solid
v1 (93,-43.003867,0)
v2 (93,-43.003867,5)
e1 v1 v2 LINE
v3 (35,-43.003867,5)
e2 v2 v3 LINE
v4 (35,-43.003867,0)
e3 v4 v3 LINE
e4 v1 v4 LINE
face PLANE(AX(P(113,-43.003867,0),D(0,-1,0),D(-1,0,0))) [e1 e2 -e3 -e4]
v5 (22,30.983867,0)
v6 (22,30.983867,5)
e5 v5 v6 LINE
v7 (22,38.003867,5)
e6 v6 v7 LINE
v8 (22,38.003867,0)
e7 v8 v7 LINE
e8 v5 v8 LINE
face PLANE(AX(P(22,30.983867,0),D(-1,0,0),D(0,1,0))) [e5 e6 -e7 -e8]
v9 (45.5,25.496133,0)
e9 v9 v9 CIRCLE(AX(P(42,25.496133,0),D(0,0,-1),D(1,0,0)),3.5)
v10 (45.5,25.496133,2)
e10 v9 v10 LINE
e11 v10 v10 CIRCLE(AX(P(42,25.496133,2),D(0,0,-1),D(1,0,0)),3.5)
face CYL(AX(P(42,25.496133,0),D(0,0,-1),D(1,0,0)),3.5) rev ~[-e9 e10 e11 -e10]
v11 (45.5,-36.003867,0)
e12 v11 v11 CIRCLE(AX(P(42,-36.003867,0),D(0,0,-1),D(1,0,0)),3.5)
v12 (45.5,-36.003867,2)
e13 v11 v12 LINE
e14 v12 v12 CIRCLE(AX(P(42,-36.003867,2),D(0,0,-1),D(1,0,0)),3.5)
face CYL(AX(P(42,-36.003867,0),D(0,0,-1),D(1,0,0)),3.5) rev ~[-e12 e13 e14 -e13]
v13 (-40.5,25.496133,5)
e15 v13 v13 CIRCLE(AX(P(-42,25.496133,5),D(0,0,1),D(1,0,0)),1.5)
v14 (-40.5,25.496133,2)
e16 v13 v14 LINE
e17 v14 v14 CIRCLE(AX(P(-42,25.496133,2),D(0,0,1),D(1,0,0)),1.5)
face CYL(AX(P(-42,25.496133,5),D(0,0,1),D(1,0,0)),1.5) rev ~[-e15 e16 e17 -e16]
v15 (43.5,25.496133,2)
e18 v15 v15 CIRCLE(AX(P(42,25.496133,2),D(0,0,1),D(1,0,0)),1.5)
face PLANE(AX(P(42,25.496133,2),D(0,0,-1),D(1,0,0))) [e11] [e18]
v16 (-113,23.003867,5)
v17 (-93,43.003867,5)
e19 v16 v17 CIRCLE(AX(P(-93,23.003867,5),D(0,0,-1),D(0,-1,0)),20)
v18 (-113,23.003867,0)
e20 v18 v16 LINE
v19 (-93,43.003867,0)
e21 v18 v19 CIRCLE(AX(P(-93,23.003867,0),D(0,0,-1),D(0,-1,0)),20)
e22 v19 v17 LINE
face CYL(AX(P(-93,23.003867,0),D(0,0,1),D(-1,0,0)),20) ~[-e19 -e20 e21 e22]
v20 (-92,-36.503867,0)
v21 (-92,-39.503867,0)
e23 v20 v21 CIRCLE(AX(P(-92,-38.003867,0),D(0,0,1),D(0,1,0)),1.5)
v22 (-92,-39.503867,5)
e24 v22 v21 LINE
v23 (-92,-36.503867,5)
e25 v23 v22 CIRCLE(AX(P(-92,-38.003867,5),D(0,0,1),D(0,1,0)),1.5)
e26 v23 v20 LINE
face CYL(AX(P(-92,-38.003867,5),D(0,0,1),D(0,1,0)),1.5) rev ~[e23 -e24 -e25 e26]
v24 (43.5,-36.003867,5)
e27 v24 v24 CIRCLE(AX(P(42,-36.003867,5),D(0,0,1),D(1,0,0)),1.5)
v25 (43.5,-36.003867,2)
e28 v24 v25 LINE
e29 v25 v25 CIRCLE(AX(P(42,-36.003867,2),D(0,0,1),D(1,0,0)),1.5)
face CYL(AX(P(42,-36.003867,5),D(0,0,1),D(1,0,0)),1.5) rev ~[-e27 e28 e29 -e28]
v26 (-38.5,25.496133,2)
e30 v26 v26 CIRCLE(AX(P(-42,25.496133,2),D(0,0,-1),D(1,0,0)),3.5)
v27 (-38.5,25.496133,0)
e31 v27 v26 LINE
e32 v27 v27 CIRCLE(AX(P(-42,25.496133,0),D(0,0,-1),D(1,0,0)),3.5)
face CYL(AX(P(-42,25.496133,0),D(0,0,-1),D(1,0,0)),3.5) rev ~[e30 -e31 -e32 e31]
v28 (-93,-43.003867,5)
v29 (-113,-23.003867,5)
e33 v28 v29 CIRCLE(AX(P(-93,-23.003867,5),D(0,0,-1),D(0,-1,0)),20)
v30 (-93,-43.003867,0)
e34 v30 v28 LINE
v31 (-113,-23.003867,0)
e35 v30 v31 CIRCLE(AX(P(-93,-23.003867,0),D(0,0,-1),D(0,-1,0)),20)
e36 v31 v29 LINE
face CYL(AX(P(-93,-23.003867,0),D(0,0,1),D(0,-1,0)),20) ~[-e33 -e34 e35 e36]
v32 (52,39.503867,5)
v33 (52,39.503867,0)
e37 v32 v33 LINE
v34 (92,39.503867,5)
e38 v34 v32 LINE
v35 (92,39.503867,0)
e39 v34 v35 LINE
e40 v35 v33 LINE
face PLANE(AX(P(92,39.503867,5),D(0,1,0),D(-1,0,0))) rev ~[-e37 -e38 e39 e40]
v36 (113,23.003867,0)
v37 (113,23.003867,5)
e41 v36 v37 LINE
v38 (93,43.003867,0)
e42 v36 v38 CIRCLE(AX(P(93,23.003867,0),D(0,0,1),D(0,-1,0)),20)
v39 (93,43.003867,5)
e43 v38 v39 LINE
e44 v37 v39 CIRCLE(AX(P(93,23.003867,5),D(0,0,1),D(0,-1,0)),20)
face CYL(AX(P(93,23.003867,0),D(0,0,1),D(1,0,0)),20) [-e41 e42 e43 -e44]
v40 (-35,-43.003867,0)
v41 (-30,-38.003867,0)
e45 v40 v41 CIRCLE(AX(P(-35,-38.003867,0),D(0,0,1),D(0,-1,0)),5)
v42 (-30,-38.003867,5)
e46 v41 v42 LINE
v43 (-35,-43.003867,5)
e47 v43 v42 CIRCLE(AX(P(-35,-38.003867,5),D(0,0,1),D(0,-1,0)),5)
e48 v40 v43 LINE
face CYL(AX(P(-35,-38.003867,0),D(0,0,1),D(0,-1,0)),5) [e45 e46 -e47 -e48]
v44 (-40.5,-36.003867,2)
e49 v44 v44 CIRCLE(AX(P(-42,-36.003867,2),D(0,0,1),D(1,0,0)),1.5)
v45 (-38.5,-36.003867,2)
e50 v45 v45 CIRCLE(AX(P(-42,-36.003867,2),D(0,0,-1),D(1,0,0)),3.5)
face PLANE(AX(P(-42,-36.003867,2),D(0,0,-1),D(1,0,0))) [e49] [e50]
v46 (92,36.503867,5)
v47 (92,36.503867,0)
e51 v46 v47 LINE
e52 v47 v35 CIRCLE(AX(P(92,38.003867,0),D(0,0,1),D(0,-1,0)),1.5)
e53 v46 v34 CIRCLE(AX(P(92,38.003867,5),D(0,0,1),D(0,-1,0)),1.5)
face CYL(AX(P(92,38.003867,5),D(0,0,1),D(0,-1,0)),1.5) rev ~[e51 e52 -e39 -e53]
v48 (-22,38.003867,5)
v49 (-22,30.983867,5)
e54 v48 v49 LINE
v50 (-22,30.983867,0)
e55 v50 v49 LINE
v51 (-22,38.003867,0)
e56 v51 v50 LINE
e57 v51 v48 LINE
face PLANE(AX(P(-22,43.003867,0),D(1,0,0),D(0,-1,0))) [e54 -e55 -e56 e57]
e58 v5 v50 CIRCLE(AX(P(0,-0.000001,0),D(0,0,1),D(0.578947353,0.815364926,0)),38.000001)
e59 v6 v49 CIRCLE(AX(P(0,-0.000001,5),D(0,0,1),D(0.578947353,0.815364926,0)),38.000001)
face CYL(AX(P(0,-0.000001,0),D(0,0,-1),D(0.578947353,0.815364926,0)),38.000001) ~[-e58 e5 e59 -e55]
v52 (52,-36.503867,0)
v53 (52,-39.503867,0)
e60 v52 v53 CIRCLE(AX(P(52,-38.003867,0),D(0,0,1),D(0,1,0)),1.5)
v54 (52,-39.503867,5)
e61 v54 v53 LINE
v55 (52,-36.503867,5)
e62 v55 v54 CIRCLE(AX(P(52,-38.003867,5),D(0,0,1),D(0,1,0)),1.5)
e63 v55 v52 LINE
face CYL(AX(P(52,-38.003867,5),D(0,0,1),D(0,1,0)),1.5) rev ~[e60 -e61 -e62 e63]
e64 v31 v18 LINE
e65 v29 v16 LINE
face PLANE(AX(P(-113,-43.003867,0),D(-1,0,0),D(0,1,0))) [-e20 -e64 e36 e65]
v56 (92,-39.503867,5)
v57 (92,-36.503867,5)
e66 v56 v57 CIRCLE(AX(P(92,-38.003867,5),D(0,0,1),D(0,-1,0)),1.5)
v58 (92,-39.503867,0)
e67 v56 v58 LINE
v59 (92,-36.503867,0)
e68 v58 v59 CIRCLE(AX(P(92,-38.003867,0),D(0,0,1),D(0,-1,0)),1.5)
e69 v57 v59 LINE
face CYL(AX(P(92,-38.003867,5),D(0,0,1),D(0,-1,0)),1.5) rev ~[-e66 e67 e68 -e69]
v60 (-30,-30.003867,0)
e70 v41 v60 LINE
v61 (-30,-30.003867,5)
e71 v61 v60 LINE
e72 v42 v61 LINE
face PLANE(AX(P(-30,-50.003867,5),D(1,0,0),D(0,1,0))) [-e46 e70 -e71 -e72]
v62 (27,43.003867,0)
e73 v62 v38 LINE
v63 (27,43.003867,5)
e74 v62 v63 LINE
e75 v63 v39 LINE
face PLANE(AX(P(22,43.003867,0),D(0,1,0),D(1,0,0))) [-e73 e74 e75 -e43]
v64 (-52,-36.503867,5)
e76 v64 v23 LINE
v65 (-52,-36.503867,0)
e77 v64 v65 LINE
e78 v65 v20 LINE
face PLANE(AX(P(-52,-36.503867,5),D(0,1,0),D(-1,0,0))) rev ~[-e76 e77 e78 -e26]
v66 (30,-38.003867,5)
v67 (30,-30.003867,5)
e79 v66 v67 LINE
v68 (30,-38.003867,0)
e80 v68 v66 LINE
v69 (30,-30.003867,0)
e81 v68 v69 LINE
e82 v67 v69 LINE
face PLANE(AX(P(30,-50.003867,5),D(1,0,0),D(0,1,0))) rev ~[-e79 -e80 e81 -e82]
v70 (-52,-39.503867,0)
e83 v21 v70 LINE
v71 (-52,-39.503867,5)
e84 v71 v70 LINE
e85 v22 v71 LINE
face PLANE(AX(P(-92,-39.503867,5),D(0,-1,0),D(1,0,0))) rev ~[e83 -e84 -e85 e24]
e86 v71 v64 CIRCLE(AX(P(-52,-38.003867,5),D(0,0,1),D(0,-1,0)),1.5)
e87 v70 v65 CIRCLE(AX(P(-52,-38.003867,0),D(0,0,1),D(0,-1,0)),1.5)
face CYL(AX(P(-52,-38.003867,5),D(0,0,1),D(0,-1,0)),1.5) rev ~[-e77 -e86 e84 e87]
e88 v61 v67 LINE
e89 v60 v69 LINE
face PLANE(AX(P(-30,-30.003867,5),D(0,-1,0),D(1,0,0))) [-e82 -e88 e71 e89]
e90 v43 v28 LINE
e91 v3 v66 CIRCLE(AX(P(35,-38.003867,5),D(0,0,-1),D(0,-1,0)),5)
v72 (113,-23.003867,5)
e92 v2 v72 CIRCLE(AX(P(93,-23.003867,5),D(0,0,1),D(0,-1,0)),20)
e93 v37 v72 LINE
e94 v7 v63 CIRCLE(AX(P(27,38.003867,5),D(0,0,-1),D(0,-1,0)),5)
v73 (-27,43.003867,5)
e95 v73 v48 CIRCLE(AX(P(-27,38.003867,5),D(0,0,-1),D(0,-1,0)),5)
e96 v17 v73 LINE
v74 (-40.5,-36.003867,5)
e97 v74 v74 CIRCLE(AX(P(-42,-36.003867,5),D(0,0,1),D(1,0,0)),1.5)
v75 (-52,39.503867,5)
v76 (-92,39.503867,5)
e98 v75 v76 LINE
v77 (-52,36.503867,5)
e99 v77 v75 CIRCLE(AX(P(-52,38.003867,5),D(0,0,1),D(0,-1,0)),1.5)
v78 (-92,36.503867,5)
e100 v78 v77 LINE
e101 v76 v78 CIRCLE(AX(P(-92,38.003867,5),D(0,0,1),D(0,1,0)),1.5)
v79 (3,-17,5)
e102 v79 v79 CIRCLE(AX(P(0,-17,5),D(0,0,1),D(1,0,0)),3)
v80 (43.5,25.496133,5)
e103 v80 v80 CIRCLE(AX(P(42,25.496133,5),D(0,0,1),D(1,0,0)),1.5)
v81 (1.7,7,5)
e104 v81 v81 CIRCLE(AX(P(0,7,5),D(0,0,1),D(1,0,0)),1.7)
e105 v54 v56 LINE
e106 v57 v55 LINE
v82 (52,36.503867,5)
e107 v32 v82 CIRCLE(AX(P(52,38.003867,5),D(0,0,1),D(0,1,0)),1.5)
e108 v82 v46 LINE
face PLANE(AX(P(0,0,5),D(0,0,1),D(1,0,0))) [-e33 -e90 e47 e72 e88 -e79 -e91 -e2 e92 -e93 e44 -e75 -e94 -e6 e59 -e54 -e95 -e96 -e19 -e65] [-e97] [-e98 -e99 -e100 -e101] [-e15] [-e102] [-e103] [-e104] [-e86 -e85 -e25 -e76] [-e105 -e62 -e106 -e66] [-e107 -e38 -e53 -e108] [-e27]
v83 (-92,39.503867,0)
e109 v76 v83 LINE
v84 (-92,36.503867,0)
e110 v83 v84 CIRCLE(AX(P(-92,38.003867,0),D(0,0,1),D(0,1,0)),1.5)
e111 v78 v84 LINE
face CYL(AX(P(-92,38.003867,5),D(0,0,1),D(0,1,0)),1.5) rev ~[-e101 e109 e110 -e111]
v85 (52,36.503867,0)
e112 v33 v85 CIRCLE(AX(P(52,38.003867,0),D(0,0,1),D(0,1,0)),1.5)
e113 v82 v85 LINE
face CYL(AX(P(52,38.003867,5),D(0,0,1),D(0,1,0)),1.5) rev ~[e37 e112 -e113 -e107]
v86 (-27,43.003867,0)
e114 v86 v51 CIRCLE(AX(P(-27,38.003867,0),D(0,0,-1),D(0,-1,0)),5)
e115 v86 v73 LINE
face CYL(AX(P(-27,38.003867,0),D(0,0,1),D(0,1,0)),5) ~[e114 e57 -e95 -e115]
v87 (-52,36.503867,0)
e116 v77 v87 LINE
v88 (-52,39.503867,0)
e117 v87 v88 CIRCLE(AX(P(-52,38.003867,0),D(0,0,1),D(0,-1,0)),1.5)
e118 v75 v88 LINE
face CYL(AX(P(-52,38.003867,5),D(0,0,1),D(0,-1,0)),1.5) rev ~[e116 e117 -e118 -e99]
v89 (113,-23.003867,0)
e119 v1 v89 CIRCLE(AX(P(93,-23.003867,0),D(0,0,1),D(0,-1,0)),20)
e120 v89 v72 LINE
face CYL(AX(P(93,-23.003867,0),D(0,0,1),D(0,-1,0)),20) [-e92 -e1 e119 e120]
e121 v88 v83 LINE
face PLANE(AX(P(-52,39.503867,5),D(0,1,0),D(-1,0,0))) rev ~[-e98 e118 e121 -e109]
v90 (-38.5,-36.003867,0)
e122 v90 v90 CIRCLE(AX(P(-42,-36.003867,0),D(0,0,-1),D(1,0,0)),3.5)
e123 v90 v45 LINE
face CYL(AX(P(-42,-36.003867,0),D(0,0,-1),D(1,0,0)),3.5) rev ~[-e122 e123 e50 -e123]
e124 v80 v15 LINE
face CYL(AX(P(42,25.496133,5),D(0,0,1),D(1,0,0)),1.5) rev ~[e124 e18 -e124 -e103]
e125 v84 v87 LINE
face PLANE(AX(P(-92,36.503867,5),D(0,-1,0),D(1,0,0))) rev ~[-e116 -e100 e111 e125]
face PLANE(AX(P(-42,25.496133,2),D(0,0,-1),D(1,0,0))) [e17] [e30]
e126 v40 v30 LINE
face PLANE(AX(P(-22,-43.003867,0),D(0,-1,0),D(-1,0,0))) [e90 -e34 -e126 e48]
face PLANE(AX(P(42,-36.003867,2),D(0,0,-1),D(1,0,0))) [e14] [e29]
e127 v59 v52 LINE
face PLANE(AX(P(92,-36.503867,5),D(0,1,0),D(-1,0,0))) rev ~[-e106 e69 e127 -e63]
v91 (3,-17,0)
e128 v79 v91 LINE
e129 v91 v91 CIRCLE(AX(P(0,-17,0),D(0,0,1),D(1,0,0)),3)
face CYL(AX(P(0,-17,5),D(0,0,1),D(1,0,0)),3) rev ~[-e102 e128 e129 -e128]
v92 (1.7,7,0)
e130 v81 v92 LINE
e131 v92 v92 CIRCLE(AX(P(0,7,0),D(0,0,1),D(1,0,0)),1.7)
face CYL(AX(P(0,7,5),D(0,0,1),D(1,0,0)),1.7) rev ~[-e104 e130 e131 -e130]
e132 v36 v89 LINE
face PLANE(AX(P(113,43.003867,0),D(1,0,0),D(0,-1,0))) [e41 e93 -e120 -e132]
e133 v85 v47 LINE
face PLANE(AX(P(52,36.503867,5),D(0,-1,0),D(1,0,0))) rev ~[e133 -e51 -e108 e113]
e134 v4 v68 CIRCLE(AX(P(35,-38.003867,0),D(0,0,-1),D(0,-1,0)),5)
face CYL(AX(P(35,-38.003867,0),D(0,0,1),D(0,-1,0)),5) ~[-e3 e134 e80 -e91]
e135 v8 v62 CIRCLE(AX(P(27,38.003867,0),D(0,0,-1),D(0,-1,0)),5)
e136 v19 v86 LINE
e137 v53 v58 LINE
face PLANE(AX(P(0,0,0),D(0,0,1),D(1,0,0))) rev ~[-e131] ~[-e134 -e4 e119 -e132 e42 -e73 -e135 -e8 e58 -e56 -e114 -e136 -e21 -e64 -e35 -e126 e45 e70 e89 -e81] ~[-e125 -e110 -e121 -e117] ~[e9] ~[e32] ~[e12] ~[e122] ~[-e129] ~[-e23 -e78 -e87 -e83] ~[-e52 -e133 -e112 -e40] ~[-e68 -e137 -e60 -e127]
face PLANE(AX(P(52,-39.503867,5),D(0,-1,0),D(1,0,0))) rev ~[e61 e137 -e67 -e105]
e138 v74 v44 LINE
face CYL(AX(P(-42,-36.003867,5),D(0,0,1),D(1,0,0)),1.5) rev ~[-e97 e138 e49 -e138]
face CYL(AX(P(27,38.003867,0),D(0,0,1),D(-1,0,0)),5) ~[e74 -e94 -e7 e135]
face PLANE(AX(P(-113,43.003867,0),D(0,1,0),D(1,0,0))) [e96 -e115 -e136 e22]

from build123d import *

# Parameters (mm, degrees)
PAD_DEPTH       = 5
SKETCH001_R     = 3
SKETCH001_R_2   = 1.7
SKETCH001_R_3   = 1.5
SKETCH001_W     = 60
SKETCH001_H     = 20
POCKET_DEPTH    = 5.001
FILLET_R        = 5
FILLET001_R     = 20
SKETCH002_R     = 3.5
POCKET001_DEPTH = 2


with BuildPart() as part:
    # Sketch → Pad (new body)
    with BuildSketch(Plane.XY):
        with BuildLine():
            ThreePointArc((-22, -30.983867), (0, -38), (22, -30.983867))
            Line((22, -43.003867), (22, -30.983867))
            Line((113, -43.003867), (22, -43.003867))
            Line((113, 43.003867), (113, -43.003867))
            Line((22, 43.003867), (113, 43.003867))
            Line((22, 30.983867), (22, 43.003867))
            ThreePointArc((22, 30.983867), (0, 38), (-22, 30.983867))
            Line((-22, 43.003867), (-22, 30.983867))
            Line((-113, 43.003867), (-22, 43.003867))
            Line((-113, -43.003867), (-113, 43.003867))
            Line((-22, -43.003867), (-113, -43.003867))
            Line((-22, -30.983867), (-22, -43.003867))
        make_face()
    extrude(amount=PAD_DEPTH)

    # Sketch001 (on Face14 of Pad) → Pocket (cut, through all)
    with BuildSketch(Plane.XY.offset(5)):
        with Locations((0, -17)):
            Circle(SKETCH001_R)
        with Locations((0, 7)):
            Circle(SKETCH001_R_2)
        with Locations((42, 25.496133)):
            Circle(SKETCH001_R_3)
        with Locations((42, -36.003867)):
            Circle(SKETCH001_R_3)
        with Locations((-42, 25.496133)):
            Circle(SKETCH001_R_3)
        with Locations((-42, -36.003867)):
            Circle(SKETCH001_R_3)
        with Locations((0, -40.003867)):
            Rectangle(SKETCH001_W, SKETCH001_H)
        with BuildLine():
            ThreePointArc((-92, 39.503867), (-93.5, 38.003867), (-92, 36.503867))
            Line((-92, 36.503867), (-52, 36.503867))
            ThreePointArc((-52, 36.503867), (-50.5, 38.003867), (-52, 39.503867))
            Line((-52, 39.503867), (-92, 39.503867))
        make_face()
        with BuildLine():
            ThreePointArc((52, 39.503867), (50.5, 38.003867), (52, 36.503867))
            Line((52, 36.503867), (92, 36.503867))
            ThreePointArc((92, 36.503867), (93.5, 38.003867), (92, 39.503867))
            Line((92, 39.503867), (52, 39.503867))
        make_face()
        with BuildLine():
            ThreePointArc((-92, -36.503867), (-93.5, -38.003867), (-92, -39.503867))
            Line((-92, -39.503867), (-52, -39.503867))
            ThreePointArc((-52, -39.503867), (-50.5, -38.003867), (-52, -36.503867))
            Line((-52, -36.503867), (-92, -36.503867))
        make_face()
        with BuildLine():
            ThreePointArc((52, -36.503867), (50.5, -38.003867), (52, -39.503867))
            Line((52, -39.503867), (92, -39.503867))
            ThreePointArc((92, -39.503867), (93.5, -38.003867), (92, -36.503867))
            Line((92, -36.503867), (52, -36.503867))
        make_face()
    extrude(amount=-POCKET_DEPTH, mode=Mode.SUBTRACT)

    # Fillet
    fillet_edges = [part.edges().sort_by_distance(p)[0] for p in [
        (22, 43.003867, 2.5),
        (-22, 43.003867, 2.5),
        (30, -43.003867, 2.5),
        (-30, -43.003867, 2.5),
    ]]
    fillet(fillet_edges, radius=FILLET_R)

    # Fillet001
    fillet001_edges = [part.edges().sort_by_distance(p)[0] for p in [
        (-113, 43.003867, 2.5),
        (-113, -43.003867, 2.5),
        (113, 43.003867, 2.5),
        (113, -43.003867, 2.5),
    ]]
    fillet(fillet001_edges, radius=FILLET001_R)

    # Sketch002 (on Face1 of Fillet001) → Pocket001 (cut)
    with BuildSketch(Plane(origin=(0, 0, 0), x_dir=(1, 0, 0), z_dir=(0, 0, -1))):
        with Locations((-42, -25.496133)):
            Circle(SKETCH002_R)
        with Locations((-42, 36.003867)):
            Circle(SKETCH002_R)
        with Locations((42, 36.003867)):
            Circle(SKETCH002_R)
        with Locations((42, -25.496133)):
            Circle(SKETCH002_R)
    extrude(amount=-POCKET001_DEPTH, mode=Mode.SUBTRACT)


solid = part.part
